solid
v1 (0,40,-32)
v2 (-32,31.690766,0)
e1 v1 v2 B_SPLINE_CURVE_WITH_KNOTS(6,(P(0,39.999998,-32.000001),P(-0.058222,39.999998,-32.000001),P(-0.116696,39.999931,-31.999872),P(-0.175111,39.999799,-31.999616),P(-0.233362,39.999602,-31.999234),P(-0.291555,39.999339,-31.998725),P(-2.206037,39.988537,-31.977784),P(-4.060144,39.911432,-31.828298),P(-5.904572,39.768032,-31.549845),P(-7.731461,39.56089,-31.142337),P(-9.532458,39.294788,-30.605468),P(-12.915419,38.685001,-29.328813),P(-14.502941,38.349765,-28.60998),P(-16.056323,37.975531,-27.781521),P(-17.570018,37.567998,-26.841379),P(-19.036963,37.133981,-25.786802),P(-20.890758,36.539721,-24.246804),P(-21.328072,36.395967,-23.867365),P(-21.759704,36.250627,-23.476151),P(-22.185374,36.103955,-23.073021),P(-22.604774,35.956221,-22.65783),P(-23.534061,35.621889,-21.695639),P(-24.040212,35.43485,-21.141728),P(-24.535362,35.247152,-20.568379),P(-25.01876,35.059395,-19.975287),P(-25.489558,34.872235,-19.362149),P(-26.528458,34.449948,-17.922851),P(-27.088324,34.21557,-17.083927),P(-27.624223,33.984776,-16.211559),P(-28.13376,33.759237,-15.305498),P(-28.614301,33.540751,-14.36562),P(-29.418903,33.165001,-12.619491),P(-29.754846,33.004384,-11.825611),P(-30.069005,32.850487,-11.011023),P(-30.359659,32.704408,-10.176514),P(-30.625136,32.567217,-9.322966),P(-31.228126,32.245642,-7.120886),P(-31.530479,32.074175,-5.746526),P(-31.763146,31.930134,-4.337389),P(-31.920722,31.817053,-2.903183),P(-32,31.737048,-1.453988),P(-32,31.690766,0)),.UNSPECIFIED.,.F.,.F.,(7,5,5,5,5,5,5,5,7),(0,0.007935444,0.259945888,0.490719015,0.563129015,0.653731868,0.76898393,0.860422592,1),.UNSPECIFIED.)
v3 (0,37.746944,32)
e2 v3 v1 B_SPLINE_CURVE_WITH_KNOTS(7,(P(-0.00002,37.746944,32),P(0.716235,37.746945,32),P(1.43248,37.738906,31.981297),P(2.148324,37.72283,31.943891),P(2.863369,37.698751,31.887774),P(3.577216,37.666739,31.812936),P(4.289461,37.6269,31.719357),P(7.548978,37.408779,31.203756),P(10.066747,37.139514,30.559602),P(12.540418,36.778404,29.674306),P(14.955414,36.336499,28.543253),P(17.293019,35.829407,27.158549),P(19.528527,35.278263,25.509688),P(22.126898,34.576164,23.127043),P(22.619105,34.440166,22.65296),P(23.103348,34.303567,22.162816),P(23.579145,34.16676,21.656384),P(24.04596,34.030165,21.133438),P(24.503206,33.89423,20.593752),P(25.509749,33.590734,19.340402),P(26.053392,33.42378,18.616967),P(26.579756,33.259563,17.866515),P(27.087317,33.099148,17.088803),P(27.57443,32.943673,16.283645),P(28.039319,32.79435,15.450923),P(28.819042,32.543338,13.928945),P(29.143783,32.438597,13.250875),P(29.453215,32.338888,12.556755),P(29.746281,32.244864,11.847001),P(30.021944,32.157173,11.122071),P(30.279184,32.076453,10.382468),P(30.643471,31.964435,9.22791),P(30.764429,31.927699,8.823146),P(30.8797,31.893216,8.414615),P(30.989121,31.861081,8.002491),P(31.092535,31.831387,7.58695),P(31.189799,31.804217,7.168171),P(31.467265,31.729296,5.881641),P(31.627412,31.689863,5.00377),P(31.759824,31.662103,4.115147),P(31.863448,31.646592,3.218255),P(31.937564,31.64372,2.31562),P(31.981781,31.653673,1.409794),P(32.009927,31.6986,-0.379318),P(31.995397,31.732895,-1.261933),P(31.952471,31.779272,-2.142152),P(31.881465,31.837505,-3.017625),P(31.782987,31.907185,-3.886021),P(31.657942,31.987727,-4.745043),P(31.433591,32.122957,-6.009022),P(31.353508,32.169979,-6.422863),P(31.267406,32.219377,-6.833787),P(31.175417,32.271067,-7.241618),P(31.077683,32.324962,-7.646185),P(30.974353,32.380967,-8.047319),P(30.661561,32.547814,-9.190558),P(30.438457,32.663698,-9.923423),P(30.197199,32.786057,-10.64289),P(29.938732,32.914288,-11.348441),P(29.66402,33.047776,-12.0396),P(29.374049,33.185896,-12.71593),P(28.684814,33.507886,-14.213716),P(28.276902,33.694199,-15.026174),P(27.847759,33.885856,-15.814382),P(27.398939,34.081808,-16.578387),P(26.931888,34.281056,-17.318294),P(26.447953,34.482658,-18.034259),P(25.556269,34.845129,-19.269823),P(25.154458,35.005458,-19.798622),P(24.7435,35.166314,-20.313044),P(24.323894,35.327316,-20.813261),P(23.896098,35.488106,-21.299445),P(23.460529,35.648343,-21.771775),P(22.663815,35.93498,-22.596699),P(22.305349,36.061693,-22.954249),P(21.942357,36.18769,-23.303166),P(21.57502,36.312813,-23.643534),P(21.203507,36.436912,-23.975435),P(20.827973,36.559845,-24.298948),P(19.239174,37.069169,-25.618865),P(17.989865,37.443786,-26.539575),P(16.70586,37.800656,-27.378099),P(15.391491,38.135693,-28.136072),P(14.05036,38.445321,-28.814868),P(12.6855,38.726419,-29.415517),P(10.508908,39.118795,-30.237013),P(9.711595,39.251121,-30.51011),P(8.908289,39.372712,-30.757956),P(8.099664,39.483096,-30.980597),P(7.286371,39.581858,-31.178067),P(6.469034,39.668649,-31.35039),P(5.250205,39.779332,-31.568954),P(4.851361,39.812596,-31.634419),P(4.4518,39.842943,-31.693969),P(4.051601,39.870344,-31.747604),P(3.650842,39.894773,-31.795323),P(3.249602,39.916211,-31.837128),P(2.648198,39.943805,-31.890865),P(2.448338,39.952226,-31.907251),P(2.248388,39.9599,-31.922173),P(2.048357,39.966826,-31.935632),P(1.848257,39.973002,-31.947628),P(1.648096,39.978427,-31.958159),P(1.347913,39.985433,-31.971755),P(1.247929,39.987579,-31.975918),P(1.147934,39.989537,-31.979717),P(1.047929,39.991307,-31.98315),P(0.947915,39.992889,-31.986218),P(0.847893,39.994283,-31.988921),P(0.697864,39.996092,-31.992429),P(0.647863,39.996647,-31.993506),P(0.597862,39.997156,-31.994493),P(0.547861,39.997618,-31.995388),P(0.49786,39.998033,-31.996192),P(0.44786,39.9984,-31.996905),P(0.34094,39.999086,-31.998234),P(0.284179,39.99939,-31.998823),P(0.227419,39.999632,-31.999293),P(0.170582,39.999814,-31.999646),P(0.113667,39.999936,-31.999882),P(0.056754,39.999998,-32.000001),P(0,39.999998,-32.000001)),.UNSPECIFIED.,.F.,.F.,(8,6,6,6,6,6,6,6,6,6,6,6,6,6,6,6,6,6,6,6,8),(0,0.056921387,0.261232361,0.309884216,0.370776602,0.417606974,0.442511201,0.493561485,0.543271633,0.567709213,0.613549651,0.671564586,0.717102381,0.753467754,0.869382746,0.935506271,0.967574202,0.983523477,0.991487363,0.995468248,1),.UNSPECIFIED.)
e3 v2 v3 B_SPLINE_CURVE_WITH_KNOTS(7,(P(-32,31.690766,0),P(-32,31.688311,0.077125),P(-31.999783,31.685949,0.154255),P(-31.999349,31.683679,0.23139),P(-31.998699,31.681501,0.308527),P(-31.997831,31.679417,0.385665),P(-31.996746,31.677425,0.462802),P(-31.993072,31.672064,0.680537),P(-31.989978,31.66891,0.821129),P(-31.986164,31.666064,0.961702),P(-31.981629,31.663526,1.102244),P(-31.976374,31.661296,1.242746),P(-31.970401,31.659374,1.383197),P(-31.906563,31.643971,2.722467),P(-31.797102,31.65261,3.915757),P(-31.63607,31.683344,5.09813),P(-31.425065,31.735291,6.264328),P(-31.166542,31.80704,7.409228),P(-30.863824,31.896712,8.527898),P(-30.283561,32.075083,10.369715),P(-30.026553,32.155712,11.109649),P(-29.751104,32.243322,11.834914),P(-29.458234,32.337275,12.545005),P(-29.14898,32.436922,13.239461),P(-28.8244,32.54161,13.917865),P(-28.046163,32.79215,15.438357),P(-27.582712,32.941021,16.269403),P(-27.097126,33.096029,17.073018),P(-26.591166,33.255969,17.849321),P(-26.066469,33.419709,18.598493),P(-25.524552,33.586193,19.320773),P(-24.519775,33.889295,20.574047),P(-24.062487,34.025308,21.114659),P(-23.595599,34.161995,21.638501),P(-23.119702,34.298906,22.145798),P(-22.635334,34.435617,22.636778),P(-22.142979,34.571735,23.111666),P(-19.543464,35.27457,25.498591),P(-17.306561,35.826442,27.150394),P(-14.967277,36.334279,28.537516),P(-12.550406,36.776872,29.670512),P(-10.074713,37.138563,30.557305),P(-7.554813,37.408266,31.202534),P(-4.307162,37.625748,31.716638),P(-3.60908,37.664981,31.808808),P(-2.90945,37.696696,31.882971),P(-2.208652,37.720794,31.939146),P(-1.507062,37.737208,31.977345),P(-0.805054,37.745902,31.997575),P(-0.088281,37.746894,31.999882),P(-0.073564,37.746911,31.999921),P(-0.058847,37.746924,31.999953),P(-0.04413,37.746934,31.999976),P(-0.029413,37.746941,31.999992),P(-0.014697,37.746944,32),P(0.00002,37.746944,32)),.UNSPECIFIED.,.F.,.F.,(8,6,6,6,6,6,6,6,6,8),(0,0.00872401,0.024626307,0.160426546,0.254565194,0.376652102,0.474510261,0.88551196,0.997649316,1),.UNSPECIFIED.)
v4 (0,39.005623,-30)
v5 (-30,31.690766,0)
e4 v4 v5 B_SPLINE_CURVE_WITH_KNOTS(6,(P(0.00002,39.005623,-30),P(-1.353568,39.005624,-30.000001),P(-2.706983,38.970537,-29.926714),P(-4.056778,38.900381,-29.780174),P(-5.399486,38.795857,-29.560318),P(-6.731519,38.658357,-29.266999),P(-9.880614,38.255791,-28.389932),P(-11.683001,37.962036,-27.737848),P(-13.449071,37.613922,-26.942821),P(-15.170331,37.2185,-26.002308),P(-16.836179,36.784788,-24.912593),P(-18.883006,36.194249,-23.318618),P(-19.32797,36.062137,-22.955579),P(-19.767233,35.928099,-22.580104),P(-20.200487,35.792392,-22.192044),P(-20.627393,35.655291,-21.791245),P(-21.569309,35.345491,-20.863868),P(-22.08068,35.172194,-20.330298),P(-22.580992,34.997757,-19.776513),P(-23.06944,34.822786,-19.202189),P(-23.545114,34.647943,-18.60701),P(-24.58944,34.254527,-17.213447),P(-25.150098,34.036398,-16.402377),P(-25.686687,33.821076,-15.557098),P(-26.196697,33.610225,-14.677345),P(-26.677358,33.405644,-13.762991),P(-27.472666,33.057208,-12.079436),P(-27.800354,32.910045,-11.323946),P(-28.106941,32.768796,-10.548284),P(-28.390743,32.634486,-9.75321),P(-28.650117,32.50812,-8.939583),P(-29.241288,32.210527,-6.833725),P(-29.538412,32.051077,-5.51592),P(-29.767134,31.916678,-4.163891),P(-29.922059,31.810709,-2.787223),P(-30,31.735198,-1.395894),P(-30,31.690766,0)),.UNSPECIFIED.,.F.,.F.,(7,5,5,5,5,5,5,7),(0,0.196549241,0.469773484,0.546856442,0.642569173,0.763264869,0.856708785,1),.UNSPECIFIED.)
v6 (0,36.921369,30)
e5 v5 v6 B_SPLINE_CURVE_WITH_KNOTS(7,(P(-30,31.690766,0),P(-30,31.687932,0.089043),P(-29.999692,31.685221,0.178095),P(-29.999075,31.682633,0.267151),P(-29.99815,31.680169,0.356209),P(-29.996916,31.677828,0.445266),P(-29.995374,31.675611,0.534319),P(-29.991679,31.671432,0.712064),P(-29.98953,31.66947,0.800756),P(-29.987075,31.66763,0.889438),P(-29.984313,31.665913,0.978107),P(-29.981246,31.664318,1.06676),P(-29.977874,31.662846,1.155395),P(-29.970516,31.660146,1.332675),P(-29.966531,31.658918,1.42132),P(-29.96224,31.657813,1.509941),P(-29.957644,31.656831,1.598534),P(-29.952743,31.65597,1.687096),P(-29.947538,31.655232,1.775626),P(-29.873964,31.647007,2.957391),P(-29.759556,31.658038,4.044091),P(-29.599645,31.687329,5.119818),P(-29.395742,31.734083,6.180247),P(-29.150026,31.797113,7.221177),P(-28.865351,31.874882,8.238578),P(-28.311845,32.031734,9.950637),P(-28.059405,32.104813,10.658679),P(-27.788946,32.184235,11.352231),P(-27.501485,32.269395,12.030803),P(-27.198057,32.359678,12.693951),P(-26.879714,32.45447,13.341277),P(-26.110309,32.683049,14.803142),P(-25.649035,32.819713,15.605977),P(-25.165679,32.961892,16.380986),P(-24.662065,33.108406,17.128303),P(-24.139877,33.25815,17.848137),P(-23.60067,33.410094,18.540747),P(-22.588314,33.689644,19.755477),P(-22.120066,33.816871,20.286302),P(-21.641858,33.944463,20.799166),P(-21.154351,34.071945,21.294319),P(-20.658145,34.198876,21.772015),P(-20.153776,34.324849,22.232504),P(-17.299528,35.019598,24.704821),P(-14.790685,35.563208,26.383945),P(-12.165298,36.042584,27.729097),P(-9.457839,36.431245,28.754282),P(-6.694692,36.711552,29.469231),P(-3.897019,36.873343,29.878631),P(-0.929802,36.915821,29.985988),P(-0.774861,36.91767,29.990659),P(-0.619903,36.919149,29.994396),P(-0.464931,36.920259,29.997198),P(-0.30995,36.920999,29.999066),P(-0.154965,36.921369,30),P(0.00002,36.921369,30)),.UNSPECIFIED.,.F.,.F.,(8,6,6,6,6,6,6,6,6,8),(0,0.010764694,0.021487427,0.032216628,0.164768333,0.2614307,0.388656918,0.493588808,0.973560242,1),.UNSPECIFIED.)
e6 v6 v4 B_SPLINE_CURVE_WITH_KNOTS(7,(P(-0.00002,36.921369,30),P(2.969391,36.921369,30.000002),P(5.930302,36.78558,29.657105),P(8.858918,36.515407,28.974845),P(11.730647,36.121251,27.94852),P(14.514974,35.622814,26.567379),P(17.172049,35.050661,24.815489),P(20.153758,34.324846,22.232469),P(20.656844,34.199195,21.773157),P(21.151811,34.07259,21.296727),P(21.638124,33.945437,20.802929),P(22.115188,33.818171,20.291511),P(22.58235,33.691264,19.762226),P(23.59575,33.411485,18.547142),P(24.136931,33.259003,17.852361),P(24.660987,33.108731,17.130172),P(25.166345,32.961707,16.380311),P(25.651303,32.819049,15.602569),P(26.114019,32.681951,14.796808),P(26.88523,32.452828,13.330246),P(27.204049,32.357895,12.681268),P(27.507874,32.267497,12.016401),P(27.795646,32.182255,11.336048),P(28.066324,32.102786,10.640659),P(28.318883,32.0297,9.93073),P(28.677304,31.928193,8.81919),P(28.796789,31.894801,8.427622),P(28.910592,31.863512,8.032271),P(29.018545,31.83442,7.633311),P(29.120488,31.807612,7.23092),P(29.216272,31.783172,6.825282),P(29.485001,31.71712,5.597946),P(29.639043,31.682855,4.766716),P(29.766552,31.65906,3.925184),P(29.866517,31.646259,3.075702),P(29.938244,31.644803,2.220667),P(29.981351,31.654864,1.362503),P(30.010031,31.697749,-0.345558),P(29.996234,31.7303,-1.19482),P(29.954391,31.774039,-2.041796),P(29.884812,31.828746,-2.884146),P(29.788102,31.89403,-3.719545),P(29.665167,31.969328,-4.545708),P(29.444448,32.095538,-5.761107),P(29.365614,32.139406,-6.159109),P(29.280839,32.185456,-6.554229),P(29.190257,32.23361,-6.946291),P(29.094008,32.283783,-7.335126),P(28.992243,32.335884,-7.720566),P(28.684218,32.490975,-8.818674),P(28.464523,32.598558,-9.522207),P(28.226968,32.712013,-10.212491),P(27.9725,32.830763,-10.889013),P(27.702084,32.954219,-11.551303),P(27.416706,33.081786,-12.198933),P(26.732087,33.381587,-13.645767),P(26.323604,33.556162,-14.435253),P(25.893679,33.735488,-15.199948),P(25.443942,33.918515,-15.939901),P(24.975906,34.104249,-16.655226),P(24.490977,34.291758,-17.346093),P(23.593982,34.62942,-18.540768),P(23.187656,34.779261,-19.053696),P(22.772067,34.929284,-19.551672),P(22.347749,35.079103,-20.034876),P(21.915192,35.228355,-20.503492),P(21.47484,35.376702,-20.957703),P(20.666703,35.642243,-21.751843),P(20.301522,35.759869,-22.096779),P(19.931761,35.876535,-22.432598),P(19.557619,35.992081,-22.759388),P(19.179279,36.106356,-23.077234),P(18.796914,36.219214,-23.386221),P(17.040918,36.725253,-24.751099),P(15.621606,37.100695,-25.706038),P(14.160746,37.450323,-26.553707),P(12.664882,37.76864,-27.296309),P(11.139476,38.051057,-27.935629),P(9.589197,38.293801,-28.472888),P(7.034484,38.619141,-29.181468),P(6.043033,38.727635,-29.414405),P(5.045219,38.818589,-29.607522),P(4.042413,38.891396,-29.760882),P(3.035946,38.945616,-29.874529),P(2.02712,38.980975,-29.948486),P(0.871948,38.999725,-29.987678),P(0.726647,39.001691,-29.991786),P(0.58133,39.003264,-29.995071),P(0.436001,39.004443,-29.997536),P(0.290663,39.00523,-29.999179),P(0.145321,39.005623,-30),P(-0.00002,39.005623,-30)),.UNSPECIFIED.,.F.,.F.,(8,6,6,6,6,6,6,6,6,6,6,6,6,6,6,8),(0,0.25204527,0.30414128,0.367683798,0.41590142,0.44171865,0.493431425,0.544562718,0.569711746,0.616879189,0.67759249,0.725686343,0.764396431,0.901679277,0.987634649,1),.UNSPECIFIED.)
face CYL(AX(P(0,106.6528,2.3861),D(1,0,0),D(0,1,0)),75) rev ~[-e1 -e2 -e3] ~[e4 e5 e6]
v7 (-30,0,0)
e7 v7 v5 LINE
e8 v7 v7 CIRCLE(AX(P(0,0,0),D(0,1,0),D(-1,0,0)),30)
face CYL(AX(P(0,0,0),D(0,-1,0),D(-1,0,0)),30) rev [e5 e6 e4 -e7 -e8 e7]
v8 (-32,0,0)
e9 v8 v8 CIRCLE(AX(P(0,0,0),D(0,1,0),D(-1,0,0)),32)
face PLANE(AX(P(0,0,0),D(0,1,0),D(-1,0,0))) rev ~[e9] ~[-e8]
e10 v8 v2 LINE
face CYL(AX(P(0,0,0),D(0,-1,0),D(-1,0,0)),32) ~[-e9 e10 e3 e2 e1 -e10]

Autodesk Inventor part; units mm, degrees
ref_plane "YZ Plane" through (0, 0, 0) normal (1, 0, 0) x (0, 1, 0)
ref_plane "XZ Plane" through (0, 0, 0) normal (0, 1, 0) x (-1, 0, 0)
ref_plane "XY Plane" through (0, 0, 0) normal (0, 0, 1) x (1, 0, 0)
sketch "Sketch1" plane through (0, 0, 0) normal (0, 1, 0) x (-1, 0, 0)
  circle A0 centre (0, 0) radius 32
  circle A1 centre (0, 0) radius 30
  dimension "d0" = 64
  dimension "d1" = 60
extrude "Extrusion1" add sketch "Sketch1" along normal blind 40
sketch "Sketch2" plane through (0, 0, 0) normal (1, 0, 0) x (0, 1, 0)
  circle A0 centre (106.6528, 2.3861) radius 75
  line L0 (40, -32) -> (40, 32) projected
  point P0 (0, 0)
  dimension "d4" = 150
extrude "Extrusion2" cut sketch "Sketch2" along normal through all both and the other way through all
properties part number "ISO63_flange"
